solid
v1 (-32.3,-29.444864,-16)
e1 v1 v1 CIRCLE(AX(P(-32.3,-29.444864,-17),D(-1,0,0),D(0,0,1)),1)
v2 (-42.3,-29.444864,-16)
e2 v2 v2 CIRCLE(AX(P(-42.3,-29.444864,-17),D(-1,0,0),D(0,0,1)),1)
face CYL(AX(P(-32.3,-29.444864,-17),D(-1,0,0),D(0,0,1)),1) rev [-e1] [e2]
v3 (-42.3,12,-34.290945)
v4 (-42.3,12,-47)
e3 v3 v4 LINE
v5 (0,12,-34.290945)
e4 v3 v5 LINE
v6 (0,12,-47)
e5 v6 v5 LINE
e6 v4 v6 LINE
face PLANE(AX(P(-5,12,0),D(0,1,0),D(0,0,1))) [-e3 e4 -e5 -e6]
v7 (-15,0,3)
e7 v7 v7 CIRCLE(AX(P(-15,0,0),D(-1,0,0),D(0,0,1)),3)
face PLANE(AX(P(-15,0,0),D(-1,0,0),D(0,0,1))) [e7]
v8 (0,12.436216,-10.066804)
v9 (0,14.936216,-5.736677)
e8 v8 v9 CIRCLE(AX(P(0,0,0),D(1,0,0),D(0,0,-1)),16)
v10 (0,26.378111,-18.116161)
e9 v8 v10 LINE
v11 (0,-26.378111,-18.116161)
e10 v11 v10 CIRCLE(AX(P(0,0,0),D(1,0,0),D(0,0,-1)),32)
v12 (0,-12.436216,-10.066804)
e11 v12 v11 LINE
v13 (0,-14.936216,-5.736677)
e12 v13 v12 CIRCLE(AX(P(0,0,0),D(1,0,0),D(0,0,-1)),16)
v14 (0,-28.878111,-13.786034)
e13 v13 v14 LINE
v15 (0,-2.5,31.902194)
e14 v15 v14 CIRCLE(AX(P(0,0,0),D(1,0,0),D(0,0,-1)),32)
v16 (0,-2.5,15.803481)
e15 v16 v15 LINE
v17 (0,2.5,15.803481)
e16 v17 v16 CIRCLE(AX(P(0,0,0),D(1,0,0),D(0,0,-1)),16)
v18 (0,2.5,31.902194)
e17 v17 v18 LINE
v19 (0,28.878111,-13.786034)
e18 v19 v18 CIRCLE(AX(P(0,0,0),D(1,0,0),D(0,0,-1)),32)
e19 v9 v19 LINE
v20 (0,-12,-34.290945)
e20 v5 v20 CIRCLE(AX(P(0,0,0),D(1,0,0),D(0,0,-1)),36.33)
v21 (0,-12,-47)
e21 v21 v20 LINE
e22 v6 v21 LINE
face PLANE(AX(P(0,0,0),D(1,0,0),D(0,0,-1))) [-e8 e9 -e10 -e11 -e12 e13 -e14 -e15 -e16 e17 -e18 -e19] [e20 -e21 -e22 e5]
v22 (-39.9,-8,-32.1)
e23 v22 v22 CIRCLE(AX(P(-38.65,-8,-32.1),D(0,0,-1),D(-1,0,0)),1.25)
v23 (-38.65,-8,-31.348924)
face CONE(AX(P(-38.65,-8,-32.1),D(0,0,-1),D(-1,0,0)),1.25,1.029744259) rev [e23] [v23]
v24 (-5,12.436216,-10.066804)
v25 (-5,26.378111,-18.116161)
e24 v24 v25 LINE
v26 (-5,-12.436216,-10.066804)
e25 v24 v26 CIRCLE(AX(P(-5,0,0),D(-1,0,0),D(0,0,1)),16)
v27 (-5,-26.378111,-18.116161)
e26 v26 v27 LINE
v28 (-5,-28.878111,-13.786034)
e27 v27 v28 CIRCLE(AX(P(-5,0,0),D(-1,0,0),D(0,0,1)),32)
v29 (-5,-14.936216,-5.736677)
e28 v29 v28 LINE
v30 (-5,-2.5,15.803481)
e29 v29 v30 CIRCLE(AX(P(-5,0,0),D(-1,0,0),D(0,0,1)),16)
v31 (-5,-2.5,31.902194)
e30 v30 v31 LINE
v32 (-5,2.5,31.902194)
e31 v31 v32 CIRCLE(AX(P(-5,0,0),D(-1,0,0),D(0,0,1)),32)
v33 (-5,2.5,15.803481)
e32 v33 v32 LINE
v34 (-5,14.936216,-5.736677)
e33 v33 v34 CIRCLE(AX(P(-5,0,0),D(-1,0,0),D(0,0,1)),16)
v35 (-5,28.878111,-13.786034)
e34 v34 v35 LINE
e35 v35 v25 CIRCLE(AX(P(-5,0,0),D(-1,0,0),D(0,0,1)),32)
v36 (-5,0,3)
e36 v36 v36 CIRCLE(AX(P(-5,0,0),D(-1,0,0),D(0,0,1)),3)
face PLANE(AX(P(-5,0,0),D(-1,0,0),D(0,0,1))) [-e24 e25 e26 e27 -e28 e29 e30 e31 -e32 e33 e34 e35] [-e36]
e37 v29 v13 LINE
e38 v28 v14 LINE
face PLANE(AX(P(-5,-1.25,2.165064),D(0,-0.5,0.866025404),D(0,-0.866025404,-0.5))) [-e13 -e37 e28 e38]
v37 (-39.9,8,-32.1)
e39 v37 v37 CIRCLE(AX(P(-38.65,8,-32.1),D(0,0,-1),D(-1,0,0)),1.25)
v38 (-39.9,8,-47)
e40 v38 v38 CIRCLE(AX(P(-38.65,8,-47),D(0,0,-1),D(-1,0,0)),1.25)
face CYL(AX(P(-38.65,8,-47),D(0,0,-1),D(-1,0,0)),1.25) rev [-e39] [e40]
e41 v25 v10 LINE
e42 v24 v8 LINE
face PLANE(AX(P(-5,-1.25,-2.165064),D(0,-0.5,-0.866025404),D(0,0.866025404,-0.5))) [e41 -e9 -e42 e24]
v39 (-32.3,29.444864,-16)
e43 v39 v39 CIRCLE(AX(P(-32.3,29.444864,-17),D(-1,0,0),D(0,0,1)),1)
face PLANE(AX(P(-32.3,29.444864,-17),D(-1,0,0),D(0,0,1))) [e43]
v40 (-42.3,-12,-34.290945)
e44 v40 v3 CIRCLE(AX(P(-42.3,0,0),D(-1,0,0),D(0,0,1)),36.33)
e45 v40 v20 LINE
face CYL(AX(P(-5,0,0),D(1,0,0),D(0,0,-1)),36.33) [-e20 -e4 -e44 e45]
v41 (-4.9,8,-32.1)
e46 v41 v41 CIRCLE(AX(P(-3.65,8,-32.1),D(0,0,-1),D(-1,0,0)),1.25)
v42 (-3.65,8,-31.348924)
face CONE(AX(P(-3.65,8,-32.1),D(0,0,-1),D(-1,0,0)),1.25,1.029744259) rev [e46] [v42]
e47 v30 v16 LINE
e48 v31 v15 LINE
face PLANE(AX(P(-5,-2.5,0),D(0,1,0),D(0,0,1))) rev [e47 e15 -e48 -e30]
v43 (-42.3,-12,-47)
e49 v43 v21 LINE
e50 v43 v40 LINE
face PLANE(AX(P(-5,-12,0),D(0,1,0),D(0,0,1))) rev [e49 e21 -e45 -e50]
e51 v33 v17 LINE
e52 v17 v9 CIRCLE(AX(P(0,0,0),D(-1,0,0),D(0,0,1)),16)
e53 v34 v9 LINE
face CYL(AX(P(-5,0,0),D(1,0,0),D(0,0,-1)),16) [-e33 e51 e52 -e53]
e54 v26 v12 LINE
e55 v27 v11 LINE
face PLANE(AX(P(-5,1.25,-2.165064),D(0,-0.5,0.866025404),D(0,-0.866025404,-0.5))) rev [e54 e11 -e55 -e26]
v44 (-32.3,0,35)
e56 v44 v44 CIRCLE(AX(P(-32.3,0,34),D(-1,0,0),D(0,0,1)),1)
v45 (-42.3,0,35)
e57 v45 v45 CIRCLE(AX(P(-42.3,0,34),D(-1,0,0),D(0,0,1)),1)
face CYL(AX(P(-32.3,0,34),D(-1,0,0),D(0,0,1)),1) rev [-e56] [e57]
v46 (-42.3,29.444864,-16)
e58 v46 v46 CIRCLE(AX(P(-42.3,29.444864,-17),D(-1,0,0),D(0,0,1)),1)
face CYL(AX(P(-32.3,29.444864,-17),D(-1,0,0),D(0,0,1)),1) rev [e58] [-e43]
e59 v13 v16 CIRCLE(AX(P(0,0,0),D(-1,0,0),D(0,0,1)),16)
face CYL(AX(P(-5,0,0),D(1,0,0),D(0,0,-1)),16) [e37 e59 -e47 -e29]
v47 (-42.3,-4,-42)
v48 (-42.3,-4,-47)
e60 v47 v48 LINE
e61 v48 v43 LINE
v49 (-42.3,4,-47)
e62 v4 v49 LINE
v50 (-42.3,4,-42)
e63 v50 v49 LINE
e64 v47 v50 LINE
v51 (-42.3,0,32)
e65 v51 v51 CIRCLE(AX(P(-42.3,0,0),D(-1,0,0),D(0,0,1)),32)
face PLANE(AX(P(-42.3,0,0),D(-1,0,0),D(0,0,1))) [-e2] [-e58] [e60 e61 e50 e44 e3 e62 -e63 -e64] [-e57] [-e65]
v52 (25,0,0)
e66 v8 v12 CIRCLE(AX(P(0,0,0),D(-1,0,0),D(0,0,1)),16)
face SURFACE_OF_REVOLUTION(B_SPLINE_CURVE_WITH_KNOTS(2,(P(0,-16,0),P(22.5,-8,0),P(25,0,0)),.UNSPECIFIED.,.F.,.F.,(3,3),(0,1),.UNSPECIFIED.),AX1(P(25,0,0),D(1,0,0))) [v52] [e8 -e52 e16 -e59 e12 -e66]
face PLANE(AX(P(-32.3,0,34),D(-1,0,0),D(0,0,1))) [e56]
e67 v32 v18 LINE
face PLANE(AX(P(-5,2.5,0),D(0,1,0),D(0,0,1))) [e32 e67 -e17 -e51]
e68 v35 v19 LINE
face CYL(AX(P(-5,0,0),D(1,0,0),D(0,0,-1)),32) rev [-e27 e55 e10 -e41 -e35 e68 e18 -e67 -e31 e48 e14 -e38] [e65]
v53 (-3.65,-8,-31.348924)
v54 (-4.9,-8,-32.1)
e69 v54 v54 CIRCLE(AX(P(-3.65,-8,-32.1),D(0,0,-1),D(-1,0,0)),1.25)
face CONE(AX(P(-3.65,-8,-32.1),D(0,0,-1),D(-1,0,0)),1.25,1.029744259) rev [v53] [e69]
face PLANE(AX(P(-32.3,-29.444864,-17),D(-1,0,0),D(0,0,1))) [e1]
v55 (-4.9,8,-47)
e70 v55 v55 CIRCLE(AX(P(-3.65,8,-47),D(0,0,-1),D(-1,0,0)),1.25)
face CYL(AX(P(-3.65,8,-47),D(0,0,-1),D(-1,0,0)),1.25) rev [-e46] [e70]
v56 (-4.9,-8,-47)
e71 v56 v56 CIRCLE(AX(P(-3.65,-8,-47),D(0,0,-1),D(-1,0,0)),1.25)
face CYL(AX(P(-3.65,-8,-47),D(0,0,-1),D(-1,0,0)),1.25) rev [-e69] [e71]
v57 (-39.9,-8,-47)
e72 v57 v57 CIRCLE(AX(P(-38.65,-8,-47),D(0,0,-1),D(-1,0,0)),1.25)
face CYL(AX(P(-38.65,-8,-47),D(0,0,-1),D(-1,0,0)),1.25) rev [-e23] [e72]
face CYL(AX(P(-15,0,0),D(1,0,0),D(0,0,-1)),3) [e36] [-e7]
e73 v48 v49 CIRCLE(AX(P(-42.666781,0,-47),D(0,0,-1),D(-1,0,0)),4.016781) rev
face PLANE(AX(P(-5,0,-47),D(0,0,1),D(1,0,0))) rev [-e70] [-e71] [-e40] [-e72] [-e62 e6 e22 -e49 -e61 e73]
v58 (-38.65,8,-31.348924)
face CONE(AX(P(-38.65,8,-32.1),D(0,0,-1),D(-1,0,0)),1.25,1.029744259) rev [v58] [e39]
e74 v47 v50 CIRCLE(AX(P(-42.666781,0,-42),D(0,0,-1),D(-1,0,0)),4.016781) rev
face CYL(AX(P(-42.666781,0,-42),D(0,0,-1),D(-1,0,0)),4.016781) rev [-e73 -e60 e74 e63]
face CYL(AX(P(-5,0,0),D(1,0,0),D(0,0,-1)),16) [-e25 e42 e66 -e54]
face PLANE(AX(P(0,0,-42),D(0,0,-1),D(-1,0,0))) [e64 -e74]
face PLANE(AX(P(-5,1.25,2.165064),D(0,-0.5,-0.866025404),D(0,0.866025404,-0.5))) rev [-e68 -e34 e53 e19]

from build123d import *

# Parameters (mm, degrees)
SKETCH_1_R             = 32
EXTRUDE_1_DEPTH        = 5
SKETCH_5_R             = 16
EXTRUDE_2_DEPTH        = 5
SKETCH_7_R             = 32
EXTRUDE_4_DEPTH        = 37.3
CUT_EXTRUDE_1_DEPTH    = 5
SKETCH_11_R            = 3
EXTRUDE_5_DEPTH        = 10
SKETCH_12_R            = 1
CUT_EXTRUDE_3_DEPTH    = 10
HOLE_WIZARD_M3_1_D     = 2.5
HOLE_WIZARD_M3_1_DEPTH = 14.9
HOLE_WIZARD_M3_1_TIP   = 0.751075774


with BuildPart() as part:
    # 草图3 → 旋转1 (revolve)
    with BuildSketch(Plane.XY):
        with BuildLine():
            Line((0, 0), (0, -16))
            add(Edge.make_bspline(
                [(0, -16), (22.5, -8), (25, 0)],
                knots=[0, 0, 0, 1, 1, 1], degree=2))
            Line((25, 0), (0, 0))
        make_face()
    revolve(axis=Axis((25, 0, 0), (-1, 0, 0)))



with BuildPart() as body_2:
    # 草图1 → 凸台-拉伸1 (new body)
    # profile 1 of 4: a face of its own
    with BuildSketch(Plane(origin=(0, 0, 0), x_dir=(0, 0, -1), z_dir=(1, 0, 0))):
        with BuildLine():
            Line((47, 12), (34.290944869, 12))
            ThreePointArc((34.290944869, 12), (-36.33, 0), (34.290944869, -12))
            Line((34.290944869, -12), (47, -12))
            Line((47, -12), (47, 12))
        make_face()
        Circle(SKETCH_1_R, mode=Mode.SUBTRACT)
    # profile 2 of 4: a face of its own
    with BuildSketch(Plane(origin=(0, 0, 0), x_dir=(0, 0, -1), z_dir=(1, 0, 0))):
        with BuildLine():
            ThreePointArc((-15.803480629, -2.5), (-16, 0), (-15.803480629, 2.5))
            Line((-15.803480629, 2.5), (-31.902194282, 2.5))
            ThreePointArc((-31.902194282, 2.5), (-32, 0), (-31.902194282, -2.5))
            Line((-31.902194282, -2.5), (-15.803480629, -2.5))
        make_face()
    # profile 3 of 4: a face of its own
    with BuildSketch(Plane(origin=(0, 0, 0), x_dir=(0, 0, -1), z_dir=(1, 0, 0))):
        with BuildLine():
            Line((13.786033631, 28.878110685), (5.736676805, 14.936215693))
            ThreePointArc((5.736676805, 14.936215693), (8, 13.856406461), (10.066803824, 12.436215693))
            Line((10.066803824, 12.436215693), (18.11616065, 26.378110685))
            ThreePointArc((18.11616065, 26.378110685), (16, 27.712812921), (13.786033631, 28.878110685))
        make_face()
    # profile 4 of 4: a face of its own
    with BuildSketch(Plane(origin=(0, 0, 0), x_dir=(0, 0, -1), z_dir=(1, 0, 0))):
        with BuildLine():
            Line((18.11616065, -26.378110685), (10.066803824, -12.436215693))
            ThreePointArc((10.066803824, -12.436215693), (8, -13.856406461), (5.736676805, -14.936215693))
            Line((5.736676805, -14.936215693), (13.786033631, -28.878110685))
            ThreePointArc((13.786033631, -28.878110685), (16, -27.712812921), (18.11616065, -26.378110685))
        make_face()
    extrude(amount=-EXTRUDE_1_DEPTH)


with BuildPart() as part_1:
    add(part.part)

    add(body_2.part)  # 凸台-拉伸2 merges body 2
    # 草图5 → 凸台-拉伸2 (add)
    with BuildSketch(Plane.ZY):
        Circle(SKETCH_5_R)
    extrude(amount=EXTRUDE_2_DEPTH)

    # 草图7 → 凸台-拉伸4 (add)
    with BuildSketch(Plane.ZY.offset(5)):
        with BuildLine():
            Line((-34.290944869, 12), (-47, 12))
            Line((-47, 12), (-47, -12))
            Line((-47, -12), (-34.290944869, -12))
            ThreePointArc((-34.290944869, -12), (36.33, 0), (-34.290944869, 12))
        make_face()
        with Locations(Location((0, 0, 0), (0, 0, 124.480798786))):
            Circle(SKETCH_7_R, mode=Mode.SUBTRACT)
    extrude(amount=EXTRUDE_4_DEPTH)

    # 草图9 → 切除-拉伸1 (cut)
    with BuildSketch(Plane(origin=(0, 0, -47), x_dir=(-1, 0, 0), z_dir=(0, 0, -1))):
        with BuildLine():
            Line((42.3, -4), (42.3, 4))
            ThreePointArc((42.3, 4), (39.699643621, 2.707512696), (38.65, 0))
            ThreePointArc((38.65, 0), (39.699643621, -2.707512696), (42.3, -4))
        make_face()
    extrude(amount=-CUT_EXTRUDE_1_DEPTH, mode=Mode.SUBTRACT)

    # 草图11 → 凸台-拉伸5 (add)
    with BuildSketch(Plane.ZY.offset(5)):
        Circle(SKETCH_11_R)
    extrude(amount=EXTRUDE_5_DEPTH)

    # 草图12 → 切除-拉伸3 (cut)
    with BuildSketch(Plane.ZY.offset(42.3)):
        with Locations((34, 0)):
            Circle(SKETCH_12_R)
        with Locations((-17, 29.444863729)):
            Circle(SKETCH_12_R)
        with Locations((-17, -29.444863729)):
            Circle(SKETCH_12_R)
    extrude(amount=-CUT_EXTRUDE_3_DEPTH, mode=Mode.SUBTRACT)

    # M3 螺纹孔1
    with Locations(Plane(origin=(0, 0, -47), x_dir=(-1, 0, 0), z_dir=(0, 0, -1))):
        with Locations((3.65, -8), (3.65, 8), (38.65, 8), (38.65, -8)):
            Hole(HOLE_WIZARD_M3_1_D / 2, depth=HOLE_WIZARD_M3_1_DEPTH)
            with Locations((0, 0, -(HOLE_WIZARD_M3_1_DEPTH + HOLE_WIZARD_M3_1_TIP / 2))):  # 118° drill point
                Cone(0, HOLE_WIZARD_M3_1_D / 2, HOLE_WIZARD_M3_1_TIP, mode=Mode.SUBTRACT)


solid = part_1.part
